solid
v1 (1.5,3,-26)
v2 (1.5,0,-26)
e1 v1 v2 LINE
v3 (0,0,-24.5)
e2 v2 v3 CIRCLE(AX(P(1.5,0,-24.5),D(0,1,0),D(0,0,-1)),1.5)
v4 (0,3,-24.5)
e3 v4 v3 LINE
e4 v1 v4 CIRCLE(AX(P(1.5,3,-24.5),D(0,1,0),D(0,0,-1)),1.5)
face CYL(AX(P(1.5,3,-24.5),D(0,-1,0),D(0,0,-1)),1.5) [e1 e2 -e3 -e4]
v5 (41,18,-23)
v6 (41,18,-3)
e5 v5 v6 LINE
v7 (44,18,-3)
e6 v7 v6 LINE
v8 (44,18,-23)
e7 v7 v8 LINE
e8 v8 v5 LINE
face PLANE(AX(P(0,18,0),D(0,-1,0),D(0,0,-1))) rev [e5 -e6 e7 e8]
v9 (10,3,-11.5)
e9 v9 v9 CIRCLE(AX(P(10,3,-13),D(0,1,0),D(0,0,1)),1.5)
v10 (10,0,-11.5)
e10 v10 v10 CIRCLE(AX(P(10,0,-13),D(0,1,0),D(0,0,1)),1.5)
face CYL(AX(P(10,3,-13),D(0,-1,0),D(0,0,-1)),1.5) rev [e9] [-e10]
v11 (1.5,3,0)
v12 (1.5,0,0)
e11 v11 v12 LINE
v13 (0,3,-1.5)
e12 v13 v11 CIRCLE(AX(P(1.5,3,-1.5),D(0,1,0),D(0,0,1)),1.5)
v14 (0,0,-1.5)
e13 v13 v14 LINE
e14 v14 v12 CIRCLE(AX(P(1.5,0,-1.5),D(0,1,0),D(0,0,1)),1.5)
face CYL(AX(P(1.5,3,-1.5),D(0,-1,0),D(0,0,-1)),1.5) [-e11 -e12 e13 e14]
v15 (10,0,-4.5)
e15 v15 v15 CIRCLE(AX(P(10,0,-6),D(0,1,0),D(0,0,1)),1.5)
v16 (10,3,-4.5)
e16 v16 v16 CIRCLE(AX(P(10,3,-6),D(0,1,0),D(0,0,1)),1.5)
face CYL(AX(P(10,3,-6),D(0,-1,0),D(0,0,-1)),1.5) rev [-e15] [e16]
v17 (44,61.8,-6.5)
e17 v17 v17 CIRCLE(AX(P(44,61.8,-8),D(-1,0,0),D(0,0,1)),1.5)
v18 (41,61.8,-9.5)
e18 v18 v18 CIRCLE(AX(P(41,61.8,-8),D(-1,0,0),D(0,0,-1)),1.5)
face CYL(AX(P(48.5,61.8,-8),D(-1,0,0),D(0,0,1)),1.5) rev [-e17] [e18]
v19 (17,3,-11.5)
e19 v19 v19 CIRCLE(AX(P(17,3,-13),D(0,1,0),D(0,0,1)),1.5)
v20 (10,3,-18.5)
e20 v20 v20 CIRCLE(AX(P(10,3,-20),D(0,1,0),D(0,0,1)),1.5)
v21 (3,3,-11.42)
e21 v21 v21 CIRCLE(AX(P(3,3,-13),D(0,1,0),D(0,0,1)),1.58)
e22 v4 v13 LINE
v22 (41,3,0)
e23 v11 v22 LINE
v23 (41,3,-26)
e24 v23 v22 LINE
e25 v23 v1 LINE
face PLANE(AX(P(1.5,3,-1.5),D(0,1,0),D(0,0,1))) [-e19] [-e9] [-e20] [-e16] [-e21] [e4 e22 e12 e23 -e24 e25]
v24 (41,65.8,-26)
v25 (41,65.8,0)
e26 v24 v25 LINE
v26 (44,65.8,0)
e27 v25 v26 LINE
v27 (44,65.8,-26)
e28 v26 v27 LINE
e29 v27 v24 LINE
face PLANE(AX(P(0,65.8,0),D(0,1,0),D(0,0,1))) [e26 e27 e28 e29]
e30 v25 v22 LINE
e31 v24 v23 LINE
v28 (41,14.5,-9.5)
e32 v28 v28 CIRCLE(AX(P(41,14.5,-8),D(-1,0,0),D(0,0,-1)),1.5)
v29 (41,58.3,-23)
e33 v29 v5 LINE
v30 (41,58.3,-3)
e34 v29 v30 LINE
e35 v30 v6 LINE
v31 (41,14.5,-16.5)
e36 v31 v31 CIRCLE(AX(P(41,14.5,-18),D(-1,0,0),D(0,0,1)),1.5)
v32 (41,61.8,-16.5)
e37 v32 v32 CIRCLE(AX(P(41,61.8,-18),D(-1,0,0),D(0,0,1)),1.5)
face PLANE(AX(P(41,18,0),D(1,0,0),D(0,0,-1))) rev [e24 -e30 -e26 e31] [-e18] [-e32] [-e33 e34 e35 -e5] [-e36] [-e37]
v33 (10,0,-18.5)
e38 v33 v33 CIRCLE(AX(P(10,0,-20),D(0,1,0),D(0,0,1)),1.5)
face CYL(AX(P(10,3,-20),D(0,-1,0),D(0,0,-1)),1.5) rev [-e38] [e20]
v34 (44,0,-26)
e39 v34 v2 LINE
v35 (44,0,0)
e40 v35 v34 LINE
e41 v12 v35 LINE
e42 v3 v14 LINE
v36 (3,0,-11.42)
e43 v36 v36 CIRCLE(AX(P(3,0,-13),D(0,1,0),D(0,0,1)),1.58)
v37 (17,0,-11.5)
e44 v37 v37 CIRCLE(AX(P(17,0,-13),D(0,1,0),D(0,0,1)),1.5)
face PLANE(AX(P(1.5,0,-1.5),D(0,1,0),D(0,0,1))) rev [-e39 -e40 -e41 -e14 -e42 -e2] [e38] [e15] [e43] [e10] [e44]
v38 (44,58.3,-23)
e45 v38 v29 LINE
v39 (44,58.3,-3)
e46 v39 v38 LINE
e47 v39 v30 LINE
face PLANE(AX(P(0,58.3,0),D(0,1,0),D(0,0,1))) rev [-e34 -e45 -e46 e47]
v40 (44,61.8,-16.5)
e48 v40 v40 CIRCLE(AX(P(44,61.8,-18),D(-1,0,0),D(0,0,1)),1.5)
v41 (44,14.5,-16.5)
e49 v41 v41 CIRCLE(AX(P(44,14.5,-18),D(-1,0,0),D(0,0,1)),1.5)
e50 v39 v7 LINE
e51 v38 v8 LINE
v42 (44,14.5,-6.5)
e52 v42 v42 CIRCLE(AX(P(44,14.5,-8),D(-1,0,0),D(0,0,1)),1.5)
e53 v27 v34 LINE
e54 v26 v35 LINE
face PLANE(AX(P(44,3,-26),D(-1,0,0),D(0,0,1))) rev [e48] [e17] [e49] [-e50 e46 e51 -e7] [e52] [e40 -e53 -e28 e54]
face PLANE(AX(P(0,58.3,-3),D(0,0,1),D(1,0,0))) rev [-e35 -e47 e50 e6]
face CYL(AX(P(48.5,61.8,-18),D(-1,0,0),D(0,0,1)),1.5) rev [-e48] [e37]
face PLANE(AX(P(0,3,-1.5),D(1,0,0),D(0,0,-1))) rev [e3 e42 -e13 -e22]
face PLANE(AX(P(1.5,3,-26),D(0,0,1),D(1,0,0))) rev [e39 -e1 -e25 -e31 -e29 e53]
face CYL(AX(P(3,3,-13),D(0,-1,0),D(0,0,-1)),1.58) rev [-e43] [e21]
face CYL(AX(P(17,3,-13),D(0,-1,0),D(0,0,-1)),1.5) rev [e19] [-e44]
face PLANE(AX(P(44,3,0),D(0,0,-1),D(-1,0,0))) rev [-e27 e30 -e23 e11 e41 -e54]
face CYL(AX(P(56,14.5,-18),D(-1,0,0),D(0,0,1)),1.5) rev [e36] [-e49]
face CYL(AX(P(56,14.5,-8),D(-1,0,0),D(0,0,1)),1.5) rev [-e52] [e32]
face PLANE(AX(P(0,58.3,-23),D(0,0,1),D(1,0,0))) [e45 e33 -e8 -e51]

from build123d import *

# Parameters (mm, degrees)
CROQUIS1_R              = 1.5
CROQUIS1_R_2            = 1.58
SALIENTE_EXTRUIR1_DEPTH = 3
CROQUIS2_W              = 3
CROQUIS2_H              = 26
SALIENTE_EXTRUIR2_DEPTH = 15
CROQUIS3_R              = 1.5
CORTAR_EXTRUIR1_DEPTH   = 15
CROQUIS4_W              = 3
CROQUIS4_H              = 3
SALIENTE_EXTRUIR3_DEPTH = 40.3
CROQUIS5_W              = 3
CROQUIS5_H              = 26
SALIENTE_EXTRUIR5_DEPTH = 7.5
CROQUIS6_R              = 1.5
CORTAR_EXTRUIR2_DEPTH   = 7.5


with BuildPart() as part:
    # Croquis1 → Saliente-Extruir1 (new body)
    with BuildSketch(Plane(origin=(0, 0, 0), x_dir=(1, 0, 0), z_dir=(0, 1, 0))):
        with BuildLine():
            Line((0, 1.5), (0, 24.5))
            ThreePointArc((0, 24.5), (0.439339828, 25.560660172), (1.5, 26))
            Line((1.5, 26), (44, 26))
            Line((44, 26), (44, 0))
            Line((44, 0), (1.5, 0))
            ThreePointArc((1.5, 0), (0.439339828, 0.439339828), (0, 1.5))
        make_face()
        with Locations(Location((10, 13, 0), (0, 0, 270))):
            Circle(CROQUIS1_R, mode=Mode.SUBTRACT)
        with Locations(Location((17, 13, 0), (0, 0, 270))):
            Circle(CROQUIS1_R, mode=Mode.SUBTRACT)
        with Locations(Location((10, 20, 0), (0, 0, 270))):
            Circle(CROQUIS1_R, mode=Mode.SUBTRACT)
        with Locations(Location((10, 6, 0), (0, 0, 270))):
            Circle(CROQUIS1_R, mode=Mode.SUBTRACT)
        with Locations(Location((3, 13, 0), (0, 0, 270))):
            Circle(CROQUIS1_R_2, mode=Mode.SUBTRACT)
    extrude(amount=SALIENTE_EXTRUIR1_DEPTH)

    # Croquis2 → Saliente-Extruir2 (add)
    with BuildSketch(Plane(origin=(0, 3, 0), x_dir=(1, 0, 0), z_dir=(0, 1, 0))):
        with Locations((42.5, 13)):
            Rectangle(CROQUIS2_W, CROQUIS2_H)
    extrude(amount=SALIENTE_EXTRUIR2_DEPTH)

    # Croquis3 → Cortar-Extruir1 (cut)
    with BuildSketch(Plane.ZY.offset(-41)):
        with Locations((-18, 14.5)):
            Circle(CROQUIS3_R)
        with Locations((-8, 14.5)):
            Circle(CROQUIS3_R)
    extrude(amount=-CORTAR_EXTRUIR1_DEPTH, mode=Mode.SUBTRACT)

    # Croquis4 → Saliente-Extruir3 (add)
    with BuildSketch(Plane(origin=(0, 18, 0), x_dir=(1, 0, 0), z_dir=(0, 1, 0))):
        with Locations((42.5, 24.5)):
            Rectangle(CROQUIS4_W, CROQUIS4_H)
        with Locations((42.5, 1.5)):
            Rectangle(CROQUIS4_W, CROQUIS4_H)
    extrude(amount=SALIENTE_EXTRUIR3_DEPTH)

    # Croquis5 → Saliente-Extruir5 (add)
    with BuildSketch(Plane(origin=(0, 58.3, 0), x_dir=(1, 0, 0), z_dir=(0, 1, 0))):
        with Locations((42.5, 13)):
            Rectangle(CROQUIS5_W, CROQUIS5_H)
    extrude(amount=SALIENTE_EXTRUIR5_DEPTH)

    # Croquis6 → Cortar-Extruir2 (cut)
    with BuildSketch(Plane.ZY.offset(-41)):
        with Locations((-18, 61.8)):
            Circle(CROQUIS6_R)
        with Locations((-8, 61.8)):
            Circle(CROQUIS6_R)
    extrude(amount=-CORTAR_EXTRUIR2_DEPTH, mode=Mode.SUBTRACT)


solid = part.part
